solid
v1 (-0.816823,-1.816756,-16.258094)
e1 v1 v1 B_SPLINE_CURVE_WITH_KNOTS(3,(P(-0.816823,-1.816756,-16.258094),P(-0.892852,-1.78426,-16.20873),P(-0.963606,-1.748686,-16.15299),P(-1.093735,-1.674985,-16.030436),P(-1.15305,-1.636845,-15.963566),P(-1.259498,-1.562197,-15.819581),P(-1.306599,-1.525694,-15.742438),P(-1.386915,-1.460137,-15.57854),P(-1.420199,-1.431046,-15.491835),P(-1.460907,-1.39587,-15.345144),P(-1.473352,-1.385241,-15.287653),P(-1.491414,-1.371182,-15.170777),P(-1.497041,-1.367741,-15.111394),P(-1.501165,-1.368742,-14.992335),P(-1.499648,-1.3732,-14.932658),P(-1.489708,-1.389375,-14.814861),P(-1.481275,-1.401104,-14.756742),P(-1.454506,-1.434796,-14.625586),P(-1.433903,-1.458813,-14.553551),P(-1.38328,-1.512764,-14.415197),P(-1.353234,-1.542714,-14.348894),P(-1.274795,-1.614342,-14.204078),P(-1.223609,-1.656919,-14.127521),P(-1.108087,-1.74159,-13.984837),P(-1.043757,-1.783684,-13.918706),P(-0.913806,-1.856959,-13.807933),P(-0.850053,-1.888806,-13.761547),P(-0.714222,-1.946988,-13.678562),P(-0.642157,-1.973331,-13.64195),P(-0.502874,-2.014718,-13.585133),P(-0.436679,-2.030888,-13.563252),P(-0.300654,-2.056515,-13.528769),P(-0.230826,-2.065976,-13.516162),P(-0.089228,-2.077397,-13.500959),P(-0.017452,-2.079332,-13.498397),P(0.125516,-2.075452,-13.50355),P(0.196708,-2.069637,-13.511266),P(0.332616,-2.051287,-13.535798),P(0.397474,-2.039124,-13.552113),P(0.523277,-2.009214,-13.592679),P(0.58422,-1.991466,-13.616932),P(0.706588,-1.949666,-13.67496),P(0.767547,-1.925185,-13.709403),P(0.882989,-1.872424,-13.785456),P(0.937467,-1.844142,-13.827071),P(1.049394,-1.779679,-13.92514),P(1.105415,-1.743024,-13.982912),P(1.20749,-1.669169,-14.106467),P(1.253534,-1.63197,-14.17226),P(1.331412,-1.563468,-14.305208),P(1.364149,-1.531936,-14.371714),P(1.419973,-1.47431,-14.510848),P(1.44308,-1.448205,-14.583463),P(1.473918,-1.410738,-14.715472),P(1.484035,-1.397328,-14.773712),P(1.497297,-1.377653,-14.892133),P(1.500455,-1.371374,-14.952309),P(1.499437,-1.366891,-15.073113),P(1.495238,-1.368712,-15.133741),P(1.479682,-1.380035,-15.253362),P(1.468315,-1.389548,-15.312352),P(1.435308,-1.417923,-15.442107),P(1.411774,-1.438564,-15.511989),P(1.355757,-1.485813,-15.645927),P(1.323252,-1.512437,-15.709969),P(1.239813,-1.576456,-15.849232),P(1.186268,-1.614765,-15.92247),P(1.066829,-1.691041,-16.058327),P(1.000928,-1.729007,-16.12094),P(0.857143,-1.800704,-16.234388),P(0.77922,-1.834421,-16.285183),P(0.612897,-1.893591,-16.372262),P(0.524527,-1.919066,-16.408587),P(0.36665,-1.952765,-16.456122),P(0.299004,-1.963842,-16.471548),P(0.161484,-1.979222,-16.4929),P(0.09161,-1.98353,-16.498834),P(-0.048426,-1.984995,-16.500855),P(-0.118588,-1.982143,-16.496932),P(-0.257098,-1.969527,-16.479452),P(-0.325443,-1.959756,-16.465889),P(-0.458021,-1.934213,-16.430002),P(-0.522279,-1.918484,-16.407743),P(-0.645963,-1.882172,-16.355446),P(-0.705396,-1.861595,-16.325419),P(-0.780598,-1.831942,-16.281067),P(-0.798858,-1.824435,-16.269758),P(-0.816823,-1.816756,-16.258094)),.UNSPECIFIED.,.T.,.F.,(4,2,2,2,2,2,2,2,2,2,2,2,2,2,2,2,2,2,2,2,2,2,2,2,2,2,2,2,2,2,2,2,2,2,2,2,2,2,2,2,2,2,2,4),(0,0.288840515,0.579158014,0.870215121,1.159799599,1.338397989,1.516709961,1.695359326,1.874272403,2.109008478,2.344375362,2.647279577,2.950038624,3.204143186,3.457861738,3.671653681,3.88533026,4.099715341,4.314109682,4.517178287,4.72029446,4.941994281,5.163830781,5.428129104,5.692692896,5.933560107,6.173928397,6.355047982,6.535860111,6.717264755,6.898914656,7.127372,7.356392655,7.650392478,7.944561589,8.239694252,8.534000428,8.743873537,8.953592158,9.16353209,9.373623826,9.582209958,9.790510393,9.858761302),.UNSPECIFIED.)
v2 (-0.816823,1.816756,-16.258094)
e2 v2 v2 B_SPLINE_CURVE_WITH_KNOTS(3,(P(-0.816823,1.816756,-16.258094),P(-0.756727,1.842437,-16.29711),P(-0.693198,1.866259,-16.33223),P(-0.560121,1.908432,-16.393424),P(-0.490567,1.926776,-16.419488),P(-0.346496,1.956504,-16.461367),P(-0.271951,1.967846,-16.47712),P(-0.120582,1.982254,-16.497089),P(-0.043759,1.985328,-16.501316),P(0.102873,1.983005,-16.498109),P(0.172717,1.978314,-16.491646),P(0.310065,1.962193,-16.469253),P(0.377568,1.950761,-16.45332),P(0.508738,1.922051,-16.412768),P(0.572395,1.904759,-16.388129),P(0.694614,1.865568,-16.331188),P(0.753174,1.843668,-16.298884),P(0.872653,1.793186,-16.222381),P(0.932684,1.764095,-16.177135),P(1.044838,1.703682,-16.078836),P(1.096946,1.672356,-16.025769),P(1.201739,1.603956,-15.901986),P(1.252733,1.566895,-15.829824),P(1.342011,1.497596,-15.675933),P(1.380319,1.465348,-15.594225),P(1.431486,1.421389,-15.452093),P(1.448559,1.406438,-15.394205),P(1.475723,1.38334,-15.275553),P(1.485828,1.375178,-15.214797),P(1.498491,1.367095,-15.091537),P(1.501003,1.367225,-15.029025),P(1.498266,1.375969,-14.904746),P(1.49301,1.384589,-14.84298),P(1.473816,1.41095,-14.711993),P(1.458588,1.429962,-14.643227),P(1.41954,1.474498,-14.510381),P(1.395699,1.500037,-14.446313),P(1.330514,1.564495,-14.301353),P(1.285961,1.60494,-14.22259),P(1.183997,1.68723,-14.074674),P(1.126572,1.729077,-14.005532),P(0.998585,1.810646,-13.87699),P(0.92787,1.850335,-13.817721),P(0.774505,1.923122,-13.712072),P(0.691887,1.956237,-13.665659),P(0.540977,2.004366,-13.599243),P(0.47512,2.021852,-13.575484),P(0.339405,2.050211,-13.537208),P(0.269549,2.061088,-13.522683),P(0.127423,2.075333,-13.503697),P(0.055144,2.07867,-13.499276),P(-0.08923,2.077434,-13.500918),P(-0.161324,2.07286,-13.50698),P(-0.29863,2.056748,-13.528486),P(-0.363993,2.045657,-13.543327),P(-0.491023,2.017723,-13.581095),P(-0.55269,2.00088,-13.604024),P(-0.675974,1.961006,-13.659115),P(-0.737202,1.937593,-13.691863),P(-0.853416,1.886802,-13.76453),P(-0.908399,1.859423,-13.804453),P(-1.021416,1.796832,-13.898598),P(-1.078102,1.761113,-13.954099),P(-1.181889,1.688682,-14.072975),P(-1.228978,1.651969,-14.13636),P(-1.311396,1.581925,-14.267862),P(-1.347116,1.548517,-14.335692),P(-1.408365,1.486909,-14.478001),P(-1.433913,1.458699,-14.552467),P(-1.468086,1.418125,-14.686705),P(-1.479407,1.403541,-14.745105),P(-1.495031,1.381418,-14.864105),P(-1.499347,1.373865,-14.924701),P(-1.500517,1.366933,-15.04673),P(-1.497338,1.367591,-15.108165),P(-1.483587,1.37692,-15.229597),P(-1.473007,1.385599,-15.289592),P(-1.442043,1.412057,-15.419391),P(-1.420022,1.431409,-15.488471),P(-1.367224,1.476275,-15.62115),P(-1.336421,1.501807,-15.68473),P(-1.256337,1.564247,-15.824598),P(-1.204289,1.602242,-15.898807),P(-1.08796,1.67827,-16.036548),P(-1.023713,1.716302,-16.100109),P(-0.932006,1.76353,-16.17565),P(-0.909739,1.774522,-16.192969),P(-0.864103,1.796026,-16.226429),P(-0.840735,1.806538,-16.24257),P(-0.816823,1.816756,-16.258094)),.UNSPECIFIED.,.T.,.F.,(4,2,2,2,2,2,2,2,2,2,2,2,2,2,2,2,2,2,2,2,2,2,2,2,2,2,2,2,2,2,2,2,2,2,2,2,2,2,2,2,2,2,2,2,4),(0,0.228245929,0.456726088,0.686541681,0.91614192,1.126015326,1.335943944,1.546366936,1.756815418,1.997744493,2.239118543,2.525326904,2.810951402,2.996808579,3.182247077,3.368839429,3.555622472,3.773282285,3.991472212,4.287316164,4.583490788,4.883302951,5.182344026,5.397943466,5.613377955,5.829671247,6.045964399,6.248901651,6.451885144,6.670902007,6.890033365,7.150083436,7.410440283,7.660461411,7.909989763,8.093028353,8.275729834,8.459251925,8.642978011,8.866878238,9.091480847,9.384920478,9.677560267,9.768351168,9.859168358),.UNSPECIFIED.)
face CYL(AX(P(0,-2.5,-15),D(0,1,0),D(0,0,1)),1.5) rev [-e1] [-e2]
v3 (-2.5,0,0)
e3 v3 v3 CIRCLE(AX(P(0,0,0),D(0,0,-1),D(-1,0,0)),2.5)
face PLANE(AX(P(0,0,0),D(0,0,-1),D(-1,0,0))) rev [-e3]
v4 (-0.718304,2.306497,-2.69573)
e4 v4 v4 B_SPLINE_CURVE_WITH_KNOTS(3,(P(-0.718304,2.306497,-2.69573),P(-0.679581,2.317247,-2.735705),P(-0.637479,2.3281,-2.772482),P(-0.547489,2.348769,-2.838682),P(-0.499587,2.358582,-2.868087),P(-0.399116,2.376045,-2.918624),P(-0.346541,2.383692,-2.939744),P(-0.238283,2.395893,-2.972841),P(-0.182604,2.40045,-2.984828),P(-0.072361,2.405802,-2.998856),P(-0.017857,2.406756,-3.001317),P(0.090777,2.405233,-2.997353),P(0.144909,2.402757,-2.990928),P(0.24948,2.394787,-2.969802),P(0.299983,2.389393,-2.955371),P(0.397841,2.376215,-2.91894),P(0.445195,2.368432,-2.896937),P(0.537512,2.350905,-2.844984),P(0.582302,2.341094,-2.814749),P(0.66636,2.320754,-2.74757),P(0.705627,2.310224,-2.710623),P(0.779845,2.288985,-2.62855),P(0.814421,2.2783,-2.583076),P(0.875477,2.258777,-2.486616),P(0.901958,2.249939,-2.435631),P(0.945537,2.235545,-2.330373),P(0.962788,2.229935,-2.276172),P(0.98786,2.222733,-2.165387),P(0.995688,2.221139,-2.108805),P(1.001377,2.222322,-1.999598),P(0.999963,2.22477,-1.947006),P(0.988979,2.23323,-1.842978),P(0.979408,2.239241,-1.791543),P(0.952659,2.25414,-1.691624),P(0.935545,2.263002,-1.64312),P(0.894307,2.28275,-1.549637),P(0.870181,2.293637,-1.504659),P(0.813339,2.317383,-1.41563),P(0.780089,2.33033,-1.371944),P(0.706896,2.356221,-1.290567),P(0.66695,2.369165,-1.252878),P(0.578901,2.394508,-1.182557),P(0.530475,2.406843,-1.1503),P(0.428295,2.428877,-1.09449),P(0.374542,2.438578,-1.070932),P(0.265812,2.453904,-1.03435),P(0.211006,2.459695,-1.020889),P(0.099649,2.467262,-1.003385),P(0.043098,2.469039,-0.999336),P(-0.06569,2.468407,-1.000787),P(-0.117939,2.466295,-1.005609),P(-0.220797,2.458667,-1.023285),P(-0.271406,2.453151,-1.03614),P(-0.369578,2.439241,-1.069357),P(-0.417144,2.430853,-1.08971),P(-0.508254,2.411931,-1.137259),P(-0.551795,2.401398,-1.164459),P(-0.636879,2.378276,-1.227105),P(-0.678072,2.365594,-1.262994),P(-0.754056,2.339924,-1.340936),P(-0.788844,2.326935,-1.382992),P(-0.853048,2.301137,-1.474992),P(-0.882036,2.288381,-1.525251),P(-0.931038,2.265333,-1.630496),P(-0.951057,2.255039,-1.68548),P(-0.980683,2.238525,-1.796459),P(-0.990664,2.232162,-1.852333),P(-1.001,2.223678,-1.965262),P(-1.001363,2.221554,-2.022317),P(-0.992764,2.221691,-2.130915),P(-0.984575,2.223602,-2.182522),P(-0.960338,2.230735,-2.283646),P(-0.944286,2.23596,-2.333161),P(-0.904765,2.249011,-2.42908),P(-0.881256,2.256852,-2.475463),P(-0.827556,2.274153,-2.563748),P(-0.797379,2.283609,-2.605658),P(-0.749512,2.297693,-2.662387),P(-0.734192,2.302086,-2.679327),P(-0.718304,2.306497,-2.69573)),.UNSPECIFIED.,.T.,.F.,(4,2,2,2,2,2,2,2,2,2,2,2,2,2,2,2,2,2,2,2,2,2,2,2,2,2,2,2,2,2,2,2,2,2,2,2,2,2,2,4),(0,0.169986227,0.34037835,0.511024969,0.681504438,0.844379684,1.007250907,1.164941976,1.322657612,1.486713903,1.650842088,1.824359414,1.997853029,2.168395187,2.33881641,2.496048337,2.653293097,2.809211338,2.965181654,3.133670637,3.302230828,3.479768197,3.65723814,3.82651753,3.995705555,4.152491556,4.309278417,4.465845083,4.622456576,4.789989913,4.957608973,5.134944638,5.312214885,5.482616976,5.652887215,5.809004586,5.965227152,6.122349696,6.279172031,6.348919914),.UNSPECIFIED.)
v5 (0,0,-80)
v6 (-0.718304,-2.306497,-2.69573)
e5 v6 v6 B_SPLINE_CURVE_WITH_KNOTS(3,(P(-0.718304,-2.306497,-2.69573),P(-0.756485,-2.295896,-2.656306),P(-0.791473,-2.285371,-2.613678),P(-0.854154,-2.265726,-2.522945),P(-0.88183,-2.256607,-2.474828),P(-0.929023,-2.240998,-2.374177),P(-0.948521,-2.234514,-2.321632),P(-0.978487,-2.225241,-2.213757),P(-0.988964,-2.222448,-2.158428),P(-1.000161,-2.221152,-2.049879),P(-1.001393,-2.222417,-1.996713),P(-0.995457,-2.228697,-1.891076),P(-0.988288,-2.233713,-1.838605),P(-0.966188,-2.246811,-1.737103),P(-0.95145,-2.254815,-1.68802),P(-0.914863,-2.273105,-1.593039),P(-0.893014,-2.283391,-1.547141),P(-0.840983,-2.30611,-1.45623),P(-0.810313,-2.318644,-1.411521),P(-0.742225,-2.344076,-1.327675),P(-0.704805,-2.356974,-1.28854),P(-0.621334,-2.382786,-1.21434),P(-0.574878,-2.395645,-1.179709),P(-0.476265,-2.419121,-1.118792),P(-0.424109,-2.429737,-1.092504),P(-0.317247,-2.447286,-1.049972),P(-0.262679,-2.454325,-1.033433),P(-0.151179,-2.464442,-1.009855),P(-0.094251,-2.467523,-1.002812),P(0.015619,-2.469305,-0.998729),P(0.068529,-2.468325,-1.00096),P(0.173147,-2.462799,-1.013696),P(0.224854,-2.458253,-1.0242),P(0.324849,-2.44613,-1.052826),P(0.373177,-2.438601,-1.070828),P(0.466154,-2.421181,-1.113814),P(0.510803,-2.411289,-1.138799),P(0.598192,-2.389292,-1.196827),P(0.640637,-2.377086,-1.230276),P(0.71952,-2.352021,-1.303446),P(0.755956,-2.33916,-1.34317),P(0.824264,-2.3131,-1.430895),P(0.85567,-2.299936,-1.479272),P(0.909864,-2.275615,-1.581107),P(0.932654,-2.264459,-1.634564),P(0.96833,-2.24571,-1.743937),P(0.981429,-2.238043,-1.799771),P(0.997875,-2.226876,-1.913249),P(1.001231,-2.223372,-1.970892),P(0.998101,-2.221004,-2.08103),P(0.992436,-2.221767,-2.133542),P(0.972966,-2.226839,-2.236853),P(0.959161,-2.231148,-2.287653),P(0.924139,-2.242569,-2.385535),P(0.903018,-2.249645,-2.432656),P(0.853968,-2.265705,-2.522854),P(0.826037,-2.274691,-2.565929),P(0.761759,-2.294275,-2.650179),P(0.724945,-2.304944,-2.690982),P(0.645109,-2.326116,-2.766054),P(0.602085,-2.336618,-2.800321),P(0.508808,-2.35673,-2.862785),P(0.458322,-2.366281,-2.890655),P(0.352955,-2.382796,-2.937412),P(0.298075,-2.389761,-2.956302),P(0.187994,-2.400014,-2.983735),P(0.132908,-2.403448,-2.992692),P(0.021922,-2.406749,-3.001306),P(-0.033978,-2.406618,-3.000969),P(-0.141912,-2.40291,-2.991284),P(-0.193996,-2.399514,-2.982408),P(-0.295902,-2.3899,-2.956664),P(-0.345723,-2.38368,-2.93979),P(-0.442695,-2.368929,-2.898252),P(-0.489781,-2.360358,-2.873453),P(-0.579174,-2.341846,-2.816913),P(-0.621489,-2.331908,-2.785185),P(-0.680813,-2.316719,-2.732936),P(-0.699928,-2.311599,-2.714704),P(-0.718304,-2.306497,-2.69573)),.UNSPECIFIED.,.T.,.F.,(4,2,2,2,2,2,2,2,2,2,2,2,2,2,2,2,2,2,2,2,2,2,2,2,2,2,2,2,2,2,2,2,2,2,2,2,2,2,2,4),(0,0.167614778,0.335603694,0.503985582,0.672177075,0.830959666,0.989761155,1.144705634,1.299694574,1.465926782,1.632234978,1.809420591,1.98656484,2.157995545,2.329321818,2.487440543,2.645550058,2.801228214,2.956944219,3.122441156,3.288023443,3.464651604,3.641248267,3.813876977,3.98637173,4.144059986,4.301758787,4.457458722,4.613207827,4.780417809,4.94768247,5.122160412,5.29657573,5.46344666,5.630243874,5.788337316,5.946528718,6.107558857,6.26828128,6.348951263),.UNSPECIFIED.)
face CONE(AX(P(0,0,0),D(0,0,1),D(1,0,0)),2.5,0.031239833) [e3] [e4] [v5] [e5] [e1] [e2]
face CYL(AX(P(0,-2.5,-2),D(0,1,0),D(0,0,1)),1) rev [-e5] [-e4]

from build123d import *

# Parameters (mm, degrees)
SKETCH4_R               = 1.5
CUT_EXTRUDE3_DEPTH      = 3.5
CUT_EXTRUDE3_DEPTH_BACK = 3.5
SKETCH7_R               = 1
CUT_EXTRUDE4_DEPTH      = 3.5000001
CUT_EXTRUDE4_DEPTH_BACK = 3.5000001


with BuildPart() as part:
    # Sketch2 → Revolve2 (revolve)
    with BuildSketch(Plane(origin=(0, 0, 0), x_dir=(1, 0, 0), z_dir=(0, 1, 0))):
        Polygon((0, 0), (2.5, 0), (0, 80), align=None)
    revolve(axis=Axis((0, 0, -80), (0, 0, 1)))

    # Sketch4 → Cut-Extrude3 (cut, two sides)
    with BuildSketch(Plane(origin=(0, 0, 0), x_dir=(1, 0, 0), z_dir=(0, 1, 0))) as cut_extrude3_sk:
        with Locations((0, 15)):
            Circle(SKETCH4_R)
    extrude(amount=CUT_EXTRUDE3_DEPTH, mode=Mode.SUBTRACT)
    extrude(cut_extrude3_sk.sketch, amount=-CUT_EXTRUDE3_DEPTH_BACK, mode=Mode.SUBTRACT)

    # Sketch7 → Cut-Extrude4 (cut, two sides)
    with BuildSketch(Plane(origin=(0, 0, 0), x_dir=(1, 0, 0), z_dir=(0, 1, 0))) as cut_extrude4_sk:
        with Locations((0, 2)):
            Circle(SKETCH7_R)
    extrude(amount=CUT_EXTRUDE4_DEPTH, mode=Mode.SUBTRACT)
    extrude(cut_extrude4_sk.sketch, amount=-CUT_EXTRUDE4_DEPTH_BACK, mode=Mode.SUBTRACT)


solid = part.part
